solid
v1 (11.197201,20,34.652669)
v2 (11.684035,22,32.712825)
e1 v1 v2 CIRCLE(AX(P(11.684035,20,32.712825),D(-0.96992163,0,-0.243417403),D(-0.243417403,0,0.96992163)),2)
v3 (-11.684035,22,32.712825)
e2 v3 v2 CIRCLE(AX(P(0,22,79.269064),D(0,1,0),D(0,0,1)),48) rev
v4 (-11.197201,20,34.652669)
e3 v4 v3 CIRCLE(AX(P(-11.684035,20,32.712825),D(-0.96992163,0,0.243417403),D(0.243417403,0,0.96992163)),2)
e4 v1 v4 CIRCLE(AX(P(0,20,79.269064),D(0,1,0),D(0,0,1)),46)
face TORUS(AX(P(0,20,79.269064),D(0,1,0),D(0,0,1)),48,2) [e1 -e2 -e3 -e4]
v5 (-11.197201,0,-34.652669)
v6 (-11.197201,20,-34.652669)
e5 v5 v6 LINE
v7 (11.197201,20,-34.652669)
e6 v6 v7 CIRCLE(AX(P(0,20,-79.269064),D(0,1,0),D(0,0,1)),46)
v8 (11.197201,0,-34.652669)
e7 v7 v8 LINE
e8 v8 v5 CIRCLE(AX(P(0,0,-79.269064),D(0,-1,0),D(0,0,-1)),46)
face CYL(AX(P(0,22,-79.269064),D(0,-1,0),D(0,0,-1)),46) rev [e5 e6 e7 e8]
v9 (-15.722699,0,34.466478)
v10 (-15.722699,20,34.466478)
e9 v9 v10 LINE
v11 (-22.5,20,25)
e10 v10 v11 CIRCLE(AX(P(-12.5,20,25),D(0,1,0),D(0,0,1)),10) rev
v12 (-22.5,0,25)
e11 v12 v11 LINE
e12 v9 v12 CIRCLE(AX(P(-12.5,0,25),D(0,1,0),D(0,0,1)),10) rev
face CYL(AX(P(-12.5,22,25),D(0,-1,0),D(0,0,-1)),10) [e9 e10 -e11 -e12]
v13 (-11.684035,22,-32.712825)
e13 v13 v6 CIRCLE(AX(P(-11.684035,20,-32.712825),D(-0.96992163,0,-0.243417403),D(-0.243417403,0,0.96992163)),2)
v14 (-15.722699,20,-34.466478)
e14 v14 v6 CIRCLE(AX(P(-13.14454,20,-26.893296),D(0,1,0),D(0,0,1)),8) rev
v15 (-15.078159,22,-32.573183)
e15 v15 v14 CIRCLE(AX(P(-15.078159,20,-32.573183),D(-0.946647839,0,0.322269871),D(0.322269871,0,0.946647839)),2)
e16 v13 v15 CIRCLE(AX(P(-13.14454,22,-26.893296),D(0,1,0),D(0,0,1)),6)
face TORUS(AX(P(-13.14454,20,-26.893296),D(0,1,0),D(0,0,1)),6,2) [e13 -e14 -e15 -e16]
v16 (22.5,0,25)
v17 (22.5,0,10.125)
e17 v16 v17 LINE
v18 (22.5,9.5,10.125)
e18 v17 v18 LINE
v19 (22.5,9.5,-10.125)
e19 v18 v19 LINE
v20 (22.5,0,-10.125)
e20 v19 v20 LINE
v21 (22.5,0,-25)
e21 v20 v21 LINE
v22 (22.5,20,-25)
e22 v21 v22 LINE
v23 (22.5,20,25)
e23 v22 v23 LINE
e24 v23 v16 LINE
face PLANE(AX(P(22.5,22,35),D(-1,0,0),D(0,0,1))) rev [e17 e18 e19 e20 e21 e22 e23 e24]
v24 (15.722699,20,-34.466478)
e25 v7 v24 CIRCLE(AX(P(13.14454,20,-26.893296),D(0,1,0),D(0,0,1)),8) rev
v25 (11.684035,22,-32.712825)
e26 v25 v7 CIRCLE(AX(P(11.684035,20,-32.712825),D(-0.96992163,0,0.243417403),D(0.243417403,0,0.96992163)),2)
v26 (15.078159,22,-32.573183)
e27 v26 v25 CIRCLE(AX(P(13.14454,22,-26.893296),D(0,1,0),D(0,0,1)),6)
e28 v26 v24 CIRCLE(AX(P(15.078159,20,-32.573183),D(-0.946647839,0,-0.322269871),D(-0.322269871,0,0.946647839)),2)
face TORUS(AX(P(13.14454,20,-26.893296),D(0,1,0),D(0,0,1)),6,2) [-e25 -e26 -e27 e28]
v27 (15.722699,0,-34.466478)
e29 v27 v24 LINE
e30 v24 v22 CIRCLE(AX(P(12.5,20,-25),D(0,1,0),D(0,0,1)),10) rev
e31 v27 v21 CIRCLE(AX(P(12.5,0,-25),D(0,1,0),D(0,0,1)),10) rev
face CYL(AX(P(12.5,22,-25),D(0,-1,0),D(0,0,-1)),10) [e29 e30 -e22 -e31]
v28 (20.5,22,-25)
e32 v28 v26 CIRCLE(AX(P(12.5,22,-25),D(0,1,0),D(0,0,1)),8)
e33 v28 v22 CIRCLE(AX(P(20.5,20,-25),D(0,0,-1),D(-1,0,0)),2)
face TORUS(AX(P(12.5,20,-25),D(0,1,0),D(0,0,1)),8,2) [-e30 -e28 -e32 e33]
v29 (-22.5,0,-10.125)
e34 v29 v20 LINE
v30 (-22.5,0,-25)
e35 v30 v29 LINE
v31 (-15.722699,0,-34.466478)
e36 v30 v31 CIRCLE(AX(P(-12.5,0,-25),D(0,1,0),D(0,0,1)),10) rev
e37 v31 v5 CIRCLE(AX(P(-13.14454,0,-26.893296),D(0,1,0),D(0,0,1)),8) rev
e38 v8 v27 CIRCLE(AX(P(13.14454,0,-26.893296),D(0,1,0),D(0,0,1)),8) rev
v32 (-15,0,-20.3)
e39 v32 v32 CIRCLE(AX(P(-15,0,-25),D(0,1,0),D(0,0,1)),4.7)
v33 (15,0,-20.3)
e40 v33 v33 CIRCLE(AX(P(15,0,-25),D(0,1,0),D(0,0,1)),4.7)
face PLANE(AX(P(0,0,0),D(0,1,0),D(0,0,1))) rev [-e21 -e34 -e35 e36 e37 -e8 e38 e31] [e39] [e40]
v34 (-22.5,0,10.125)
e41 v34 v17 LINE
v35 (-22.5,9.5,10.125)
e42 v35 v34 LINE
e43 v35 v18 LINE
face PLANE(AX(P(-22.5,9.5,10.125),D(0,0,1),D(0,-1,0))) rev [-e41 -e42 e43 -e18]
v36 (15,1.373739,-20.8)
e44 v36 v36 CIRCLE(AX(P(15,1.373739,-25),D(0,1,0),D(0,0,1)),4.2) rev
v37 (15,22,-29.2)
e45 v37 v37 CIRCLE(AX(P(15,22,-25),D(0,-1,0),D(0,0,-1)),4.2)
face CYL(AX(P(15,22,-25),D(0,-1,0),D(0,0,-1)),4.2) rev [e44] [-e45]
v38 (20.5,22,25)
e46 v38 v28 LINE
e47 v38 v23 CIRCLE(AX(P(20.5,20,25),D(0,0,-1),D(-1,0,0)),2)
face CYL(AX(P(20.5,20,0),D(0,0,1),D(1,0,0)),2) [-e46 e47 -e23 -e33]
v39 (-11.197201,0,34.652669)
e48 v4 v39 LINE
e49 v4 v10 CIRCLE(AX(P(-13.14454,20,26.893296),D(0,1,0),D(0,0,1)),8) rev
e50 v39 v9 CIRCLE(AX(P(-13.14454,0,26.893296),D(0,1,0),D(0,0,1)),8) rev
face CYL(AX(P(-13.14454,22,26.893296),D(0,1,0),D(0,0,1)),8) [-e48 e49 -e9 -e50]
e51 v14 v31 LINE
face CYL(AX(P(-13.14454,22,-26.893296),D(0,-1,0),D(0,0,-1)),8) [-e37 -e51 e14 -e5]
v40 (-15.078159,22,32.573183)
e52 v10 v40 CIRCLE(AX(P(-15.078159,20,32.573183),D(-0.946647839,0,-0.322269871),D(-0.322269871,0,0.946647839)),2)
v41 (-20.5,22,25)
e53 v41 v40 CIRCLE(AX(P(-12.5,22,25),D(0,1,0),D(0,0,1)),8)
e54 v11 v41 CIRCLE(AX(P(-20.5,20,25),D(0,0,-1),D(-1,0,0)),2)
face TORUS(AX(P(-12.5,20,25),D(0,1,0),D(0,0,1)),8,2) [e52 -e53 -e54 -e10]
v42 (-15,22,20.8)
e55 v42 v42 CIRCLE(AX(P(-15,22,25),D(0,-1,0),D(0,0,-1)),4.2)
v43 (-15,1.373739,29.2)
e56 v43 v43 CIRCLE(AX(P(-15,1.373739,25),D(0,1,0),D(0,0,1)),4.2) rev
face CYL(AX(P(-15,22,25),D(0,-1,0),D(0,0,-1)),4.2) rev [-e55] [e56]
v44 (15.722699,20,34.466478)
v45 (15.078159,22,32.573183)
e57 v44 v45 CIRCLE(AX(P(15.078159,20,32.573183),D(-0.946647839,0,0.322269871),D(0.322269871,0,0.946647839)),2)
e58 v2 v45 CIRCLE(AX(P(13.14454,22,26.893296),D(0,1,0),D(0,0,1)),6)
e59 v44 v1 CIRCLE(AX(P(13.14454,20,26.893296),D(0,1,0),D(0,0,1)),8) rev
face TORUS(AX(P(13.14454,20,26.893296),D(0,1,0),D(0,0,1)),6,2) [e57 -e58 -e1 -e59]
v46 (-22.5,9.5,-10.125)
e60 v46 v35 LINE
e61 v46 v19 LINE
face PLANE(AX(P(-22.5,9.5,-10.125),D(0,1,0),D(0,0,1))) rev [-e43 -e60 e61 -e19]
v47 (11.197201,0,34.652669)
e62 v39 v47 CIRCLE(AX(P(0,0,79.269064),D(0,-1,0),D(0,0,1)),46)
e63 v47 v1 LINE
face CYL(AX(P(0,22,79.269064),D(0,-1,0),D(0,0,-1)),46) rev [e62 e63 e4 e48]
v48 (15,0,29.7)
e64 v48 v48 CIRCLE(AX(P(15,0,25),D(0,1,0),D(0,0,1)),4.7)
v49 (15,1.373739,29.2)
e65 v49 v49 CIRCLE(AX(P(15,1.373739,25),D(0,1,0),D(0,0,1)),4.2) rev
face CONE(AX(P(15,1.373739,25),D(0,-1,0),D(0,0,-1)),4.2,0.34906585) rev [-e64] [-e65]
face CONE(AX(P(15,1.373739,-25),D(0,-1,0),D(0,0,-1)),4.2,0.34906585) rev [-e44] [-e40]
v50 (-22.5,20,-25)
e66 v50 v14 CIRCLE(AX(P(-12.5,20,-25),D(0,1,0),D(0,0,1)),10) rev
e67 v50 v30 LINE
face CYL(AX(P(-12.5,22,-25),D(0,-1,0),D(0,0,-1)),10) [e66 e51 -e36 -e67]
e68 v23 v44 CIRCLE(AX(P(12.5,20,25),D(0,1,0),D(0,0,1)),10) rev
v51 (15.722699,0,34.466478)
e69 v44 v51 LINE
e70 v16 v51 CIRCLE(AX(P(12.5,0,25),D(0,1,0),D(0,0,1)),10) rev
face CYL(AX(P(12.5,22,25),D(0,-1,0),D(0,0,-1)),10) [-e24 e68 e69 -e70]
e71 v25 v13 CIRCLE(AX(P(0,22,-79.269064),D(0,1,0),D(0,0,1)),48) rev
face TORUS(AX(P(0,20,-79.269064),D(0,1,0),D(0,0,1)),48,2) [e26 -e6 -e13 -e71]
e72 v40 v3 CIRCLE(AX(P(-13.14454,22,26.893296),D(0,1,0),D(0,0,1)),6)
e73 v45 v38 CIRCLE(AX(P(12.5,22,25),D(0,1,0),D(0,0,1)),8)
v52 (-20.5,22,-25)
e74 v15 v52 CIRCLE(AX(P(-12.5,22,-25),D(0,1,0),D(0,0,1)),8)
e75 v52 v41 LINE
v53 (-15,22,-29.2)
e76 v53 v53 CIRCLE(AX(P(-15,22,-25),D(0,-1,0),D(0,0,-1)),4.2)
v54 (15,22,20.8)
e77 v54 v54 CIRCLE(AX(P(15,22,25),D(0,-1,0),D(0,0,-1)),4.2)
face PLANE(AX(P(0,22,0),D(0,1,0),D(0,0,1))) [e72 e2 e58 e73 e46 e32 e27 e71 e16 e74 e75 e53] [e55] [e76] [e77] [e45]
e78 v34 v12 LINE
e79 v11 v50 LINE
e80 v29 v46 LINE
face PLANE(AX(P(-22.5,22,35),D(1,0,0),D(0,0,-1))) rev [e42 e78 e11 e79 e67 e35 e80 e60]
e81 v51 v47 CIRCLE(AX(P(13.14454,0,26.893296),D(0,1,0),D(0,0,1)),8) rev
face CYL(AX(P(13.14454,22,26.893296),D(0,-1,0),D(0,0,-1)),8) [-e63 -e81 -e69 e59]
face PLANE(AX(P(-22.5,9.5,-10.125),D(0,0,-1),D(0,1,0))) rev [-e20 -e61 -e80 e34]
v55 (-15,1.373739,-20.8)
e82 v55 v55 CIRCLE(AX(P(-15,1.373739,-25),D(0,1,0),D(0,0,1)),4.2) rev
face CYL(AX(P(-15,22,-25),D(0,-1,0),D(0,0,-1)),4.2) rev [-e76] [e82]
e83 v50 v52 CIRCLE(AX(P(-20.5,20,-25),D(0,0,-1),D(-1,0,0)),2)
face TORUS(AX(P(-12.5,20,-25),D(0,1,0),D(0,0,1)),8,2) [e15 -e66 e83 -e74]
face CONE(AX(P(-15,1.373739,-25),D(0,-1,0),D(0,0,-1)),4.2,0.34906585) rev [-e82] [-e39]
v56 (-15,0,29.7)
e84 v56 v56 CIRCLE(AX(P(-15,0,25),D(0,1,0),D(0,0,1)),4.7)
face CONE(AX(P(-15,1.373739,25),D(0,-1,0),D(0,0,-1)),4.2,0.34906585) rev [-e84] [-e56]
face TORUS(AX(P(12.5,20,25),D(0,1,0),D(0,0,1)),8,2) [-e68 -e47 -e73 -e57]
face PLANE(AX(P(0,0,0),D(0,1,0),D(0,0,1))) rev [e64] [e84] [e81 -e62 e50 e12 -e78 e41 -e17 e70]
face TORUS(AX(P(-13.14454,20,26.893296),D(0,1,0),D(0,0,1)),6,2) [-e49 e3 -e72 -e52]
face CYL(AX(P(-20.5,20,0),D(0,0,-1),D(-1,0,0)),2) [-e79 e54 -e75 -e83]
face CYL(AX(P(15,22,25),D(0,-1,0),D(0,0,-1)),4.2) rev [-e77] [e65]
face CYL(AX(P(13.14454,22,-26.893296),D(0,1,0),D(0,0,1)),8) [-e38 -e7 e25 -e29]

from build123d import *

# Parameters (mm, degrees)
SKETCH1_W               = 45
SKETCH1_H               = 70
BOSS_EXTRUDE1_DEPTH     = 22
SKETCH2_W               = 20.25
SKETCH2_H               = 9.5
CUT_EXTRUDE1_DEPTH      = 1
CUT_EXTRUDE1_DEPTH_BACK = 46
SKETCH3_R               = 4.2
CUT_EXTRUDE2_DEPTH      = 23
FILLET1_R               = 10
CUT_EXTRUDE3_DEPTH      = 23
FILLET2_R               = 8
FILLET4_R               = 2
CHAMFER1_SIZE           = 0.5
CHAMFER1_SIZE2          = 1.37373871
CHAMFER1_PART_2_SIZE    = 0.5
CHAMFER1_PART_2_SIZE2   = 1.37373871


with BuildPart() as part:
    # Sketch1 → Boss-Extrude1 (new body)
    with BuildSketch(Plane(origin=(0, 0, 0), x_dir=(1, 0, 0), z_dir=(0, 1, 0))):
        Rectangle(SKETCH1_W, SKETCH1_H)
    extrude(amount=BOSS_EXTRUDE1_DEPTH)

    # Sketch2 → Cut-Extrude1 (cut, two sides)
    with BuildSketch(Plane(origin=(22.5, 0, 0), x_dir=(0, 0, -1), z_dir=(1, 0, 0))) as cut_extrude1_sk:
        with Locations((0, 4.75)):
            Rectangle(SKETCH2_W, SKETCH2_H)
    extrude(amount=CUT_EXTRUDE1_DEPTH, mode=Mode.SUBTRACT)
    extrude(cut_extrude1_sk.sketch, amount=-CUT_EXTRUDE1_DEPTH_BACK, mode=Mode.SUBTRACT)

    # Sketch3 → Cut-Extrude2 (cut, through all)
    with BuildSketch(Plane.XZ):
        with Locations((15, 25)):
            Circle(SKETCH3_R)
        with Locations((15, -25)):
            Circle(SKETCH3_R)
        with Locations((-15, -25)):
            Circle(SKETCH3_R)
        with Locations((-15, 25)):
            Circle(SKETCH3_R)
    extrude(amount=-CUT_EXTRUDE2_DEPTH, mode=Mode.SUBTRACT)

    # Fillet1
    fillet1_edges = [part.edges().sort_by_distance(p)[0] for p in [
        (-22.5, 11, -35),
        (22.5, 11, -35),
        (22.5, 11, 35),
        (-22.5, 11, 35),
    ]]
    fillet(fillet1_edges, radius=FILLET1_R)

    # Sketch6 → Cut-Extrude3 (cut, through all)
    with BuildSketch(Plane.XZ):
        with BuildLine():
            Line((12.5, 35), (-12.5, 35))
            ThreePointArc((-12.5, 35), (0, 33.26906369), (12.5, 35))
        make_face()
        with BuildLine():
            Line((12.5, -35), (-12.5, -35))
            ThreePointArc((-12.5, -35), (0, -33.26906369), (12.5, -35))
        make_face()
    extrude(amount=-CUT_EXTRUDE3_DEPTH, mode=Mode.SUBTRACT)

    # Fillet2
    fillet2_edges = [part.edges().sort_by_distance(p)[0] for p in [
        (12.5, 11, 35),
        (-12.5, 11, 35),
        (12.5, 11, -35),
        (-12.5, 11, -35),
    ]]
    fillet(fillet2_edges, radius=FILLET2_R)

    # Fillet4
    fillet4_edges = [part.edges().sort_by_distance(p)[0] for p in [
        (-22.5, 22, 0),
        (22.5, 22, 0),
        (20.63102045, 22, -30.821211768),
        (-20.63102045, 22, 30.821211768),
        (0, 22, 33.26906369),
        (20.63102045, 22, 30.821211768),
        (0, 22, -33.26906369),
        (-20.63102045, 22, -30.821211768),
        (13.473401565, 22, -34.886533438),
        (-13.473401565, 22, -34.886533438),
        (-13.473401565, 22, 34.886533438),
        (13.473401565, 22, 34.886533438),
    ]]
    fillet(fillet4_edges, radius=FILLET4_R)

    # Chamfer1
    chamfer1_edges = [part.edges().sort_by_distance(p)[0] for p in [
        (-19.2, 0, -25),
        (10.8, 0, -25),
    ]]
    chamfer1_side = [part.faces().sort_by_distance(p)[0] for p in [
        (0, 0, -21.437561791),
    ]]
    chamfer(chamfer1_edges, length=CHAMFER1_SIZE, length2=CHAMFER1_SIZE2, reference=chamfer1_side[0])

    # Chamfer1 part 2
    chamfer1_part_2_edges = [part.edges().sort_by_distance(p)[0] for p in [
        (-19.2, 0, 25),
        (10.8, 0, 25),
    ]]
    chamfer1_part_2_side = [part.faces().sort_by_distance(p)[0] for p in [
        (0, 0, 21.437561791),
    ]]
    chamfer(chamfer1_part_2_edges, length=CHAMFER1_PART_2_SIZE, length2=CHAMFER1_PART_2_SIZE2, reference=chamfer1_part_2_side[0])


solid = part.part
